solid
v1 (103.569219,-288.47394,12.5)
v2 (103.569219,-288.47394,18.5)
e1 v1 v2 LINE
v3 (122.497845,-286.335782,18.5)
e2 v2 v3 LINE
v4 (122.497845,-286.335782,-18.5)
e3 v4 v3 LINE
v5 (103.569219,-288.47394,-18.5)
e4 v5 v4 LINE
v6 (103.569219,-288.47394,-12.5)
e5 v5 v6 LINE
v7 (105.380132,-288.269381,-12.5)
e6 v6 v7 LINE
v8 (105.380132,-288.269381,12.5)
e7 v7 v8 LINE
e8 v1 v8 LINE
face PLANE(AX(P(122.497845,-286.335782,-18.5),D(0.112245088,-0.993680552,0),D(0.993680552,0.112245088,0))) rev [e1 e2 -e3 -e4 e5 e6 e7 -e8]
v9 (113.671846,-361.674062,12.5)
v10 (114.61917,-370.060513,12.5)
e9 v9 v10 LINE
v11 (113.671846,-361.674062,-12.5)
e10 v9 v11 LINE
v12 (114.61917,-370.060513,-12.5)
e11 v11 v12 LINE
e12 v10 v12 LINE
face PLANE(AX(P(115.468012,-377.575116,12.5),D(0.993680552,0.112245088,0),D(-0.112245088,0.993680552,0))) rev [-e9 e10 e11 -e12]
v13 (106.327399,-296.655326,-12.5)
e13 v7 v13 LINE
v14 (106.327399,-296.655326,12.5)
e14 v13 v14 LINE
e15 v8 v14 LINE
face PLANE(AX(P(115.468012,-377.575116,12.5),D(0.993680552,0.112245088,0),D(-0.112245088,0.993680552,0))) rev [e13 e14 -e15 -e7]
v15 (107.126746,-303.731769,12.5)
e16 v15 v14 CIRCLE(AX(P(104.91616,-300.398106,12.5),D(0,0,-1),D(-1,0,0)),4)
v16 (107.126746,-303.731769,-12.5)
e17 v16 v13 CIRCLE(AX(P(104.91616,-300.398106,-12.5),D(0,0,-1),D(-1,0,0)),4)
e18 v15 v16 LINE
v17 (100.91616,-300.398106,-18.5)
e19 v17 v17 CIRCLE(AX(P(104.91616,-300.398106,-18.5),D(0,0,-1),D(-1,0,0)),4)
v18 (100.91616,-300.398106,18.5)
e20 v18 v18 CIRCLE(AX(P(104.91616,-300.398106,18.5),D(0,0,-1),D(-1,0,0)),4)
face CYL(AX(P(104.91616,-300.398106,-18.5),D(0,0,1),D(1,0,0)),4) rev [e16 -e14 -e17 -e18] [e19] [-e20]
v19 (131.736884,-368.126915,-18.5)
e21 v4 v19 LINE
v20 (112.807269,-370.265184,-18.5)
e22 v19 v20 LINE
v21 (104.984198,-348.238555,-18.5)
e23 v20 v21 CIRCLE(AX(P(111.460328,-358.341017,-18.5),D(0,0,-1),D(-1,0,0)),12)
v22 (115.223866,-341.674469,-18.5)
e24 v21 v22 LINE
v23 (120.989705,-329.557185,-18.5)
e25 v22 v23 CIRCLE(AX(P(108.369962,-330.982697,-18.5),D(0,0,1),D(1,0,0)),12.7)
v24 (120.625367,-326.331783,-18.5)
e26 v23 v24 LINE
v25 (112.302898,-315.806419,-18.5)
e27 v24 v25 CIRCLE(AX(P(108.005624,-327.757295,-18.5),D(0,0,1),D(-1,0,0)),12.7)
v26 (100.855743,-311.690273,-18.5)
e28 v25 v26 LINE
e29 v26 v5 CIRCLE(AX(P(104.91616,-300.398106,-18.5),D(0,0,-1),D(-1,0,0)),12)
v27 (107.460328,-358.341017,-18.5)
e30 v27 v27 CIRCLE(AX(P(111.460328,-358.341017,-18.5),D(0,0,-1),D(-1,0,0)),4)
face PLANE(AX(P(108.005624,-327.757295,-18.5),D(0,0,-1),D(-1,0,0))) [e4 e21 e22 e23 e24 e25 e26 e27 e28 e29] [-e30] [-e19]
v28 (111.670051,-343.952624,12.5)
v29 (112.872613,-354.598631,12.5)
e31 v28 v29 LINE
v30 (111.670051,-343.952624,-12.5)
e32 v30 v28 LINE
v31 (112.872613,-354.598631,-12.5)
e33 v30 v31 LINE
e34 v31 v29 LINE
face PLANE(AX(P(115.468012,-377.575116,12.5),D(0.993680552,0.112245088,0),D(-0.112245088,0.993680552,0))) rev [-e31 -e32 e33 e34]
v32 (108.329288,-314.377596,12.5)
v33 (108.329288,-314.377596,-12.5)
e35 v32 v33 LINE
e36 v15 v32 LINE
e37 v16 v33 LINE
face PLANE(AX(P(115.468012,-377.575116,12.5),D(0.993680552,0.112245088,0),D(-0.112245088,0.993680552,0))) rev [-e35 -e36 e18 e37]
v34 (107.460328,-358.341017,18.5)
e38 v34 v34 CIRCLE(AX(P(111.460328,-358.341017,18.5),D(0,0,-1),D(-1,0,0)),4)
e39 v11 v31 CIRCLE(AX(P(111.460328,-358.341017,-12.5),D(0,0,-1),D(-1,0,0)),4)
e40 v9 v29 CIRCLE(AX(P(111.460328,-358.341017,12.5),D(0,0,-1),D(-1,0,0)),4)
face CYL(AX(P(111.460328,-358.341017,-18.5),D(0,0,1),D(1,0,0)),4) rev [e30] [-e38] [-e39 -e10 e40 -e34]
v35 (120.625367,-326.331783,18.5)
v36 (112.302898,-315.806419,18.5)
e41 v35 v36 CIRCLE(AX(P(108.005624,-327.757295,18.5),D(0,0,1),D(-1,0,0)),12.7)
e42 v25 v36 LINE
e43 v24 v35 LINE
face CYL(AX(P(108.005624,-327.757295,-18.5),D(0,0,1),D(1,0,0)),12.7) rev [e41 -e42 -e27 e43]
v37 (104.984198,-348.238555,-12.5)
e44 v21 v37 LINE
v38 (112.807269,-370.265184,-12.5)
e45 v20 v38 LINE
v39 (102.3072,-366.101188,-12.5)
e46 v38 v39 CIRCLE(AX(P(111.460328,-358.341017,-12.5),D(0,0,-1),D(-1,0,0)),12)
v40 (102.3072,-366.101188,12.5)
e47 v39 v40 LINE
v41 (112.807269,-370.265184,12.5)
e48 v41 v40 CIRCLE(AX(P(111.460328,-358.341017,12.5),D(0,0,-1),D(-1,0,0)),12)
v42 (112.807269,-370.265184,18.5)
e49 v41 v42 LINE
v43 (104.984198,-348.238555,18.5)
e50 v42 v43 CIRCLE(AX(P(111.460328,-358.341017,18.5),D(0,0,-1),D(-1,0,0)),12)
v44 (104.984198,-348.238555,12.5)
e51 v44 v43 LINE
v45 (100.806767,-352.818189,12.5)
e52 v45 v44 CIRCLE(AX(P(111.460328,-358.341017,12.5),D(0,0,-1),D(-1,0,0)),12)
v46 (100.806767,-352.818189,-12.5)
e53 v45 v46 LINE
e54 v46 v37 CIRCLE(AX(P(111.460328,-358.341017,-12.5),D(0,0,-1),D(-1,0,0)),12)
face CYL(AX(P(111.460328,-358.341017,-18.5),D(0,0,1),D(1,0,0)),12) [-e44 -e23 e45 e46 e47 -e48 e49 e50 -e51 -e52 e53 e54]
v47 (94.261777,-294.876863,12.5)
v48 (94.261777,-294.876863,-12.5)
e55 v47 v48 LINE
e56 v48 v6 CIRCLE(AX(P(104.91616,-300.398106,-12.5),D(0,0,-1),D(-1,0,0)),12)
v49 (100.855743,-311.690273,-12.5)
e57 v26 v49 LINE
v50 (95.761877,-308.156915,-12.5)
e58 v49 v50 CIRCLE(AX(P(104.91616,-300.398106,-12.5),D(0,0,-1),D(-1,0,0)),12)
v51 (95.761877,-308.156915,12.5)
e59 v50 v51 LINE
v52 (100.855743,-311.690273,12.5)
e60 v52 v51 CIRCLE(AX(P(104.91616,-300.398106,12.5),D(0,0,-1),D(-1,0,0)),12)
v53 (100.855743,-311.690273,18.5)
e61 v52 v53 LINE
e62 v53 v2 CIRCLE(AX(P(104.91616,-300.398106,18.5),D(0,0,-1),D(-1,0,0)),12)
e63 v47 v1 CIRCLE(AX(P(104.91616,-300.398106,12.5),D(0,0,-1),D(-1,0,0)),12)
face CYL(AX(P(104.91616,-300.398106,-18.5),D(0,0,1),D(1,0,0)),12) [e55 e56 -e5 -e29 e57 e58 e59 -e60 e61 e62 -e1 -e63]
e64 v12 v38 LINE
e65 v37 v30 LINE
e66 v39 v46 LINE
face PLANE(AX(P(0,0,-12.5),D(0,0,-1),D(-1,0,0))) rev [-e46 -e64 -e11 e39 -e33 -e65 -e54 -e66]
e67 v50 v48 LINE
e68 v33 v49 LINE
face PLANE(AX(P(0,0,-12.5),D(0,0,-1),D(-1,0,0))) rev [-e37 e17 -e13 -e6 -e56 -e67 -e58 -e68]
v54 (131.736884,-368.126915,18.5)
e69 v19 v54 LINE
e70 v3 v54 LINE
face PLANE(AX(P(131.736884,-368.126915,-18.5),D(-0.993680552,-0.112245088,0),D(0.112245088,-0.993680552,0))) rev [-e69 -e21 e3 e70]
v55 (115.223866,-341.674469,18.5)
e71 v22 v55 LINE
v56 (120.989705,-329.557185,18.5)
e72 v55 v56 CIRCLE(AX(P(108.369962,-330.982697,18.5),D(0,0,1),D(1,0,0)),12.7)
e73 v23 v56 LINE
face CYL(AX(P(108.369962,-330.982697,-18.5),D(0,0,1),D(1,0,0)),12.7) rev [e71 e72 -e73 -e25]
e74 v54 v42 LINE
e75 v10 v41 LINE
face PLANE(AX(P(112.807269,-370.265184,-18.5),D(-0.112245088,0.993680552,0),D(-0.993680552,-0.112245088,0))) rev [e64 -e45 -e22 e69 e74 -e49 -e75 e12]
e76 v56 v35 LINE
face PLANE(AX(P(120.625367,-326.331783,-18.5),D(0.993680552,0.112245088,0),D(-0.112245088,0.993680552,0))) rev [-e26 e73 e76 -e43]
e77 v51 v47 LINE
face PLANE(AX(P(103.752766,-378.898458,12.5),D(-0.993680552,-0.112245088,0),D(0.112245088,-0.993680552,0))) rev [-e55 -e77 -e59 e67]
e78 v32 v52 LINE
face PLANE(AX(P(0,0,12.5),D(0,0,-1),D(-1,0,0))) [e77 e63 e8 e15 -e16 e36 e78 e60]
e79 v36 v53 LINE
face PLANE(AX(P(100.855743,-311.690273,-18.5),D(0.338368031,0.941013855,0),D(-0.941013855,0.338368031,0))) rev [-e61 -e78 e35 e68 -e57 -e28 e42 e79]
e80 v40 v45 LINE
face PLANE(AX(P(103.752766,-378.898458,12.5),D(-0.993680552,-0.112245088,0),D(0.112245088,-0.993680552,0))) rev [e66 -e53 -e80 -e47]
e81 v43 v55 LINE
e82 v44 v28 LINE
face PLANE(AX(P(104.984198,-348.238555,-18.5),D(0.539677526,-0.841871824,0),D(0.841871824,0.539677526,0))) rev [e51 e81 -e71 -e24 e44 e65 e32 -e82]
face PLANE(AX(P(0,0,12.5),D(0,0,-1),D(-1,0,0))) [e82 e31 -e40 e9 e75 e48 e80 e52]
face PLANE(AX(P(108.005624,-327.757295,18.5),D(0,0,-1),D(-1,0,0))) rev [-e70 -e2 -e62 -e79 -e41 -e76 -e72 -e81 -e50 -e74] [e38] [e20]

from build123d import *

# Parameters (mm, degrees)
SKETCH2_R           = 4
BOSS_EXTRUDE1_DEPTH = 18.5
SKETCH3_W           = 11.7897503
SKETCH3_H           = 96.005071975
CUT_EXTRUDE1_DEPTH  = 12.5


with BuildPart() as part:
    # Sketch2 → Boss-Extrude1 (new body, symmetric)
    with BuildSketch(Plane(origin=(137.548518754, -674.152855032, 0), x_dir=(0.993680552, 0.112245088, 0), z_dir=(0, 0, -1))):
        with BuildLine():
            Line((9.525, -304.744352791), (28.575, -304.744352791))
            Line((28.575, -304.744352791), (28.575, -387.05564726))
            Line((28.575, -387.05564726), (9.525993953, -387.05564726))
            ThreePointArc((9.525993953, -387.05564726), (-2.161189853, -377.777730047), (4.223746974, -364.290603044))
            Line((4.223746974, -364.290603044), (15.13654472, -358.9155811))
            ThreePointArc((15.13654472, -358.9155811), (20.308242044, -354.231651246), (22.225, -347.522575972))
            Line((22.225, -347.522575972), (22.225, -344.276661697))
            ThreePointArc((22.225, -344.276661697), (20.30793231, -337.567088625), (15.135492786, -332.883138506))
            Line((15.135492786, -332.883138506), (4.223746974, -327.509886515))
            ThreePointArc((4.223746974, -327.509886515), (-2.162309457, -314.022809542), (9.525, -304.744352791))
        make_face()
        with Locations((9.525993953, -375.05564726)):
            Circle(SKETCH2_R, mode=Mode.SUBTRACT)
        with Locations((9.525, -316.744352791)):
            Circle(SKETCH2_R, mode=Mode.SUBTRACT)
    extrude(amount=BOSS_EXTRUDE1_DEPTH, both=True)

    # Sketch3 → Cut-Extrude1 (cut, symmetric)
    with BuildSketch(Plane(origin=(140.134572942, -673.053475883, 0), x_dir=(0.993680552, 0.112245088, 0), z_dir=(0, 0, -1))):
        with Locations((2.760437102, -344.382335899)):
            Rectangle(SKETCH3_W, SKETCH3_H)
    extrude(amount=CUT_EXTRUDE1_DEPTH, both=True, mode=Mode.SUBTRACT)


solid = part.part
